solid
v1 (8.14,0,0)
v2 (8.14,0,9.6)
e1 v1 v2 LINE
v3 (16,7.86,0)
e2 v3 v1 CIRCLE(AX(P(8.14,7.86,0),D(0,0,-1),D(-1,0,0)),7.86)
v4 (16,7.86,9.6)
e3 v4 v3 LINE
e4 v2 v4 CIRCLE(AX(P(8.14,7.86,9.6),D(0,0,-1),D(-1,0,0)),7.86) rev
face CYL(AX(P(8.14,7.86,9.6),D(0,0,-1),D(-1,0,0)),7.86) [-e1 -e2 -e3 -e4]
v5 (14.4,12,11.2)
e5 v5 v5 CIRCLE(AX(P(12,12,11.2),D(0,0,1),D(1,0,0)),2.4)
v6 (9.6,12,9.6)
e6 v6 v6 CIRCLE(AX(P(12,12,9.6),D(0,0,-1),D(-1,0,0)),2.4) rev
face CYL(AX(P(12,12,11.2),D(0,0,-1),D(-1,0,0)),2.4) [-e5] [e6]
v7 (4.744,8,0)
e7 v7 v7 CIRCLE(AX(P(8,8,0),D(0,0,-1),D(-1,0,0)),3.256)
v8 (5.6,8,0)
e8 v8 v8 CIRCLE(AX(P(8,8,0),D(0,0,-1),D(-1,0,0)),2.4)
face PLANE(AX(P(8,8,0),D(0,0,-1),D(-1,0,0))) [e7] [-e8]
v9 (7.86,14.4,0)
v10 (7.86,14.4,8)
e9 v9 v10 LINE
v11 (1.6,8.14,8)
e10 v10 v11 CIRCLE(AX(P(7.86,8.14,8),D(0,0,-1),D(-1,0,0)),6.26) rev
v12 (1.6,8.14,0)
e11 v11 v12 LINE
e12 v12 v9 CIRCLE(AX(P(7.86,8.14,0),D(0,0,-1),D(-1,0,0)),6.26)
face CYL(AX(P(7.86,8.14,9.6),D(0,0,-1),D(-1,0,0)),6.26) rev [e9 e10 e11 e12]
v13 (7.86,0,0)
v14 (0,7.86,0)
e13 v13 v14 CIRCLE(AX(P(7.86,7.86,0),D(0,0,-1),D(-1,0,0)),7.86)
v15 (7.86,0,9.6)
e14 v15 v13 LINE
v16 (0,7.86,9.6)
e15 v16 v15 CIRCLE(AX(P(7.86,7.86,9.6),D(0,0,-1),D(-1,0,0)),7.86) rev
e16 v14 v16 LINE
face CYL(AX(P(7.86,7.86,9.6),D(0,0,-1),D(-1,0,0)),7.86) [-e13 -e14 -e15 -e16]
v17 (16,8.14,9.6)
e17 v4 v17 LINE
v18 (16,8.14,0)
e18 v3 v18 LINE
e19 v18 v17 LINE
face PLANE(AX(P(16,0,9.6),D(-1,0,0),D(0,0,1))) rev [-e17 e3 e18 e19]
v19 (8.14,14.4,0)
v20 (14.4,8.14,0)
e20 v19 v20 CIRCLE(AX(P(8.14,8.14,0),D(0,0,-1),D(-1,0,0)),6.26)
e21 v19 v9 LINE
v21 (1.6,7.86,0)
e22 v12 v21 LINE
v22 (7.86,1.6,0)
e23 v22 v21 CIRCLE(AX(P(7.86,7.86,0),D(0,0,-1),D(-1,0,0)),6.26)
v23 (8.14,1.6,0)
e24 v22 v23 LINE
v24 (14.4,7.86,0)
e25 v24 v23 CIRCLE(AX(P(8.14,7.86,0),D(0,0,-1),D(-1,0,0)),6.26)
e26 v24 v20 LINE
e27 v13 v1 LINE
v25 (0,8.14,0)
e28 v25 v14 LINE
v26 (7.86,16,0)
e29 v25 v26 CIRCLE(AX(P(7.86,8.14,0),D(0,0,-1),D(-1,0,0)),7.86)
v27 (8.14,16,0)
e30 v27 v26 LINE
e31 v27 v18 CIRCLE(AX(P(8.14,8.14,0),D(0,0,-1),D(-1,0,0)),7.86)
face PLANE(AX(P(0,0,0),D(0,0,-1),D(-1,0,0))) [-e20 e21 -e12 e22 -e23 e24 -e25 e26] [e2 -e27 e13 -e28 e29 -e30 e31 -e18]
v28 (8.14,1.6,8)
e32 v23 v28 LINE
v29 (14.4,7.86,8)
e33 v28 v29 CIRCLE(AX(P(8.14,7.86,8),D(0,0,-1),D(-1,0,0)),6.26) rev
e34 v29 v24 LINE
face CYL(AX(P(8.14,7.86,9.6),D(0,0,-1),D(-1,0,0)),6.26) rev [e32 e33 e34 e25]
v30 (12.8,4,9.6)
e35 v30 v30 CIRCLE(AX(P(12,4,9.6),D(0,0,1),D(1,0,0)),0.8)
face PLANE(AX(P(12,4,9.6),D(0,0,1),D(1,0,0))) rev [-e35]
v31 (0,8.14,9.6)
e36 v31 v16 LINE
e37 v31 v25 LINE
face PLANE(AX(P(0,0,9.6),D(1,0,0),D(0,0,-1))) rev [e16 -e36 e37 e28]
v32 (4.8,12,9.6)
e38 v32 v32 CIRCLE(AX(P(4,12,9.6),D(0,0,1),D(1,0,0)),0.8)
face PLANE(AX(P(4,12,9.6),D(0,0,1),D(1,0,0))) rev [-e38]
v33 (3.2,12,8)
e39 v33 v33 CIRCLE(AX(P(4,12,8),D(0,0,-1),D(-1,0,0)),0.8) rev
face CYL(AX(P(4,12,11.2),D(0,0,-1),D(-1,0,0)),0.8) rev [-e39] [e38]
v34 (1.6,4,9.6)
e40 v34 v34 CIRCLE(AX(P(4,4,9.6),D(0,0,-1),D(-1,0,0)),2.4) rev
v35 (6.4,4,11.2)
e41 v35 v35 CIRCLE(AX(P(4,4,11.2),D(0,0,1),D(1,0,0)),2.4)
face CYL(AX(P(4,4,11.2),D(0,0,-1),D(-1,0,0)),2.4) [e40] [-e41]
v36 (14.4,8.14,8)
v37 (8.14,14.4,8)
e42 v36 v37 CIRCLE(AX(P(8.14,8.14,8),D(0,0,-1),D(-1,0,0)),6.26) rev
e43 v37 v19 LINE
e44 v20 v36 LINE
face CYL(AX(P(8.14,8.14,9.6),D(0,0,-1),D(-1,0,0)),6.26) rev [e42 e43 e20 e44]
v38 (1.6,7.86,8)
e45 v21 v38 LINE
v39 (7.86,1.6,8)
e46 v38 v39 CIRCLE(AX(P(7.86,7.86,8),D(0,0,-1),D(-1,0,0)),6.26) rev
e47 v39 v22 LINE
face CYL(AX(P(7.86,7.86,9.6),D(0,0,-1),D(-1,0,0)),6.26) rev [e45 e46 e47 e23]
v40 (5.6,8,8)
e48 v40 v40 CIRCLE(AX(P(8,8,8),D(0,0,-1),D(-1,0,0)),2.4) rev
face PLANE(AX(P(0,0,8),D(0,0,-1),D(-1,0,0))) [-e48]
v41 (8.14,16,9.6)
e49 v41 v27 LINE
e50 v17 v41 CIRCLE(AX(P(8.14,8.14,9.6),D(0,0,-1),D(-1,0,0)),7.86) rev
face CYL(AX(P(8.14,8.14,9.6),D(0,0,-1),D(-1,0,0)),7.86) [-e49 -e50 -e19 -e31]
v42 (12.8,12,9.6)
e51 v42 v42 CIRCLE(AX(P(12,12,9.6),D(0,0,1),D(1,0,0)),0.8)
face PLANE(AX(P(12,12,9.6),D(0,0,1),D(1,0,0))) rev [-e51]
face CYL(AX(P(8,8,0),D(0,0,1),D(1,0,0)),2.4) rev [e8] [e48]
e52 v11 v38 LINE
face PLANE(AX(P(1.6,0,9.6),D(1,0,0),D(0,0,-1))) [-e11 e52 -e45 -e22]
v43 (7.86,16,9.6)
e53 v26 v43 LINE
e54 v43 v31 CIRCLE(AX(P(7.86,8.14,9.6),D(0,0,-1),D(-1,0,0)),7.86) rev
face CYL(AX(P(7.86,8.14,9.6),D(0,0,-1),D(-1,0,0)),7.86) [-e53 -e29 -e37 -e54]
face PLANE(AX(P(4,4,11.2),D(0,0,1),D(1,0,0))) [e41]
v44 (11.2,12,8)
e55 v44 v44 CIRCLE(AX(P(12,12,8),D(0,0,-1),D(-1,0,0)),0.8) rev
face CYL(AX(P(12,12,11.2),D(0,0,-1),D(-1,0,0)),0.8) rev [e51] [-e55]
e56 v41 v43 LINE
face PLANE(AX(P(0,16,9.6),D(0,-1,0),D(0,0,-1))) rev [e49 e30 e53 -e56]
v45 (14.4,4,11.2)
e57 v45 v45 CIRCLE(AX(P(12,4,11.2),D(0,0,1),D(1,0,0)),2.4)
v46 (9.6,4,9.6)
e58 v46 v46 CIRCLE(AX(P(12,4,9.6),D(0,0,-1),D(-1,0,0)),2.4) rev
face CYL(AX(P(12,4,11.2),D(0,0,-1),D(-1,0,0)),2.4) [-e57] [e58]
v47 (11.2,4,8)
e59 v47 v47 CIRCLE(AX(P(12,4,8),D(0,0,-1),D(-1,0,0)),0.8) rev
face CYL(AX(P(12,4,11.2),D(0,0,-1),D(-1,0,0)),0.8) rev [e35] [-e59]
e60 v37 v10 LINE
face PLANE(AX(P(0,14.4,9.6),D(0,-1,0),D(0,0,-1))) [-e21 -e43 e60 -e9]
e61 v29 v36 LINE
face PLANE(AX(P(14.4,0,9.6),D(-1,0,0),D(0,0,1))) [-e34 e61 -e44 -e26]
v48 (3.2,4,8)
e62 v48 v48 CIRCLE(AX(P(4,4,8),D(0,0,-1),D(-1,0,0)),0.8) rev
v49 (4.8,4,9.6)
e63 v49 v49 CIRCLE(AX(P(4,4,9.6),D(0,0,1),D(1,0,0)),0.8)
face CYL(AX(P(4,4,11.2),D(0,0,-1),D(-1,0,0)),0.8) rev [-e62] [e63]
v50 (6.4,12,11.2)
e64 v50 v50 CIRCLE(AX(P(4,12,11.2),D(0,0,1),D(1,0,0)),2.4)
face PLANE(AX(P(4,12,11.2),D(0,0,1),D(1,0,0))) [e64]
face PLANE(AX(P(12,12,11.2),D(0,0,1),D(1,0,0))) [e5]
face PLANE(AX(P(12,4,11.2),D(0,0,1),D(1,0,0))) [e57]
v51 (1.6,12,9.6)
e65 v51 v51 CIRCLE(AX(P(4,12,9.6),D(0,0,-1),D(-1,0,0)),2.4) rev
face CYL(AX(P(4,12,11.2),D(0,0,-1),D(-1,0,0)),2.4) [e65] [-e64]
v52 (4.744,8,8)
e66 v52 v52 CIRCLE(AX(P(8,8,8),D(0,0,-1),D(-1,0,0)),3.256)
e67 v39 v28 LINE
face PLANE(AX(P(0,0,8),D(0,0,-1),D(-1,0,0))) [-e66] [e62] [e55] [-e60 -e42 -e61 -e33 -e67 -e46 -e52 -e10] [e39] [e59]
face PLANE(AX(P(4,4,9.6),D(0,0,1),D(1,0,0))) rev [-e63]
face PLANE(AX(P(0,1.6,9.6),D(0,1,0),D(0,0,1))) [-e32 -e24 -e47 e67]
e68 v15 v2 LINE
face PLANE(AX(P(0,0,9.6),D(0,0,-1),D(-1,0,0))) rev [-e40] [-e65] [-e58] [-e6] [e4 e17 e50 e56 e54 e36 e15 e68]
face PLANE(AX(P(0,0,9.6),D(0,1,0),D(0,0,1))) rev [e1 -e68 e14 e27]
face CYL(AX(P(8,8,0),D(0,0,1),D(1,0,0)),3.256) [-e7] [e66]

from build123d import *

# Parameters (mm, degrees)
SKETCH1_W            = 16
SKETCH1_H            = 16
BOSS_EXTRUDE1_DEPTH  = 9.6
SKETCH2_R            = 2.4
BOSS_EXTRUDE2_DEPTH  = 1.6
LPATTERN1_COUNT      = 2
LPATTERN1_PITCH      = 8
LPATTERN1_COUNT_DIR2 = 2
LPATTERN1_PITCH_DIR2 = 8
FILLET1_R            = 7.86
SHELL1_T             = -1.6
SKETCH3_R            = 3.256
SKETCH3_R_2          = 2.4
BOSS_EXTRUDE3_DEPTH  = 8


with BuildPart() as part:
    # Sketch1 → Boss-Extrude1 (new body)
    with BuildSketch(Plane.XY):
        with Locations((8, 8)):
            Rectangle(SKETCH1_W, SKETCH1_H)
    extrude(amount=BOSS_EXTRUDE1_DEPTH)

    # Sketch2 → Boss-Extrude2 (add)
    with BuildSketch(Plane.XY.offset(9.6)):
        with Locations(Location((4, 12, 0), (0, 0, 180))):
            Circle(SKETCH2_R)
    boss_extrude2 = extrude(amount=BOSS_EXTRUDE2_DEPTH)

    # LPattern1: Boss-Extrude2 2 × 2
    with Locations(*[(i * LPATTERN1_PITCH, -j * LPATTERN1_PITCH_DIR2, 0) for i in range(LPATTERN1_COUNT) for j in range(LPATTERN1_COUNT_DIR2) if (i, j) != (0, 0)]):
        add(boss_extrude2)

    # Fillet1
    fillet1_edges = [part.edges().sort_by_distance(p)[0] for p in [
        (0, 16, 4.8),
        (16, 16, 4.8),
        (16, 0, 4.8),
        (0, 0, 4.8),
    ]]
    fillet(fillet1_edges, radius=FILLET1_R)

    # Shell1
    shell1_openings = [part.faces().sort_by_distance(p)[0] for p in [
        (8, 8, 0),
    ]]
    offset(amount=SHELL1_T, openings=shell1_openings, kind=Kind.INTERSECTION)

    # Sketch3 → Boss-Extrude3 (add)
    with BuildSketch(Plane(origin=(0, 0, 8), x_dir=(-1, 0, 0), z_dir=(0, 0, -1))):
        with Locations((-8, 7.999999999)):
            Circle(SKETCH3_R)
        with Locations((-8, 7.999999999)):
            Circle(SKETCH3_R_2, mode=Mode.SUBTRACT)
    extrude(amount=BOSS_EXTRUDE3_DEPTH)


solid = part.part
